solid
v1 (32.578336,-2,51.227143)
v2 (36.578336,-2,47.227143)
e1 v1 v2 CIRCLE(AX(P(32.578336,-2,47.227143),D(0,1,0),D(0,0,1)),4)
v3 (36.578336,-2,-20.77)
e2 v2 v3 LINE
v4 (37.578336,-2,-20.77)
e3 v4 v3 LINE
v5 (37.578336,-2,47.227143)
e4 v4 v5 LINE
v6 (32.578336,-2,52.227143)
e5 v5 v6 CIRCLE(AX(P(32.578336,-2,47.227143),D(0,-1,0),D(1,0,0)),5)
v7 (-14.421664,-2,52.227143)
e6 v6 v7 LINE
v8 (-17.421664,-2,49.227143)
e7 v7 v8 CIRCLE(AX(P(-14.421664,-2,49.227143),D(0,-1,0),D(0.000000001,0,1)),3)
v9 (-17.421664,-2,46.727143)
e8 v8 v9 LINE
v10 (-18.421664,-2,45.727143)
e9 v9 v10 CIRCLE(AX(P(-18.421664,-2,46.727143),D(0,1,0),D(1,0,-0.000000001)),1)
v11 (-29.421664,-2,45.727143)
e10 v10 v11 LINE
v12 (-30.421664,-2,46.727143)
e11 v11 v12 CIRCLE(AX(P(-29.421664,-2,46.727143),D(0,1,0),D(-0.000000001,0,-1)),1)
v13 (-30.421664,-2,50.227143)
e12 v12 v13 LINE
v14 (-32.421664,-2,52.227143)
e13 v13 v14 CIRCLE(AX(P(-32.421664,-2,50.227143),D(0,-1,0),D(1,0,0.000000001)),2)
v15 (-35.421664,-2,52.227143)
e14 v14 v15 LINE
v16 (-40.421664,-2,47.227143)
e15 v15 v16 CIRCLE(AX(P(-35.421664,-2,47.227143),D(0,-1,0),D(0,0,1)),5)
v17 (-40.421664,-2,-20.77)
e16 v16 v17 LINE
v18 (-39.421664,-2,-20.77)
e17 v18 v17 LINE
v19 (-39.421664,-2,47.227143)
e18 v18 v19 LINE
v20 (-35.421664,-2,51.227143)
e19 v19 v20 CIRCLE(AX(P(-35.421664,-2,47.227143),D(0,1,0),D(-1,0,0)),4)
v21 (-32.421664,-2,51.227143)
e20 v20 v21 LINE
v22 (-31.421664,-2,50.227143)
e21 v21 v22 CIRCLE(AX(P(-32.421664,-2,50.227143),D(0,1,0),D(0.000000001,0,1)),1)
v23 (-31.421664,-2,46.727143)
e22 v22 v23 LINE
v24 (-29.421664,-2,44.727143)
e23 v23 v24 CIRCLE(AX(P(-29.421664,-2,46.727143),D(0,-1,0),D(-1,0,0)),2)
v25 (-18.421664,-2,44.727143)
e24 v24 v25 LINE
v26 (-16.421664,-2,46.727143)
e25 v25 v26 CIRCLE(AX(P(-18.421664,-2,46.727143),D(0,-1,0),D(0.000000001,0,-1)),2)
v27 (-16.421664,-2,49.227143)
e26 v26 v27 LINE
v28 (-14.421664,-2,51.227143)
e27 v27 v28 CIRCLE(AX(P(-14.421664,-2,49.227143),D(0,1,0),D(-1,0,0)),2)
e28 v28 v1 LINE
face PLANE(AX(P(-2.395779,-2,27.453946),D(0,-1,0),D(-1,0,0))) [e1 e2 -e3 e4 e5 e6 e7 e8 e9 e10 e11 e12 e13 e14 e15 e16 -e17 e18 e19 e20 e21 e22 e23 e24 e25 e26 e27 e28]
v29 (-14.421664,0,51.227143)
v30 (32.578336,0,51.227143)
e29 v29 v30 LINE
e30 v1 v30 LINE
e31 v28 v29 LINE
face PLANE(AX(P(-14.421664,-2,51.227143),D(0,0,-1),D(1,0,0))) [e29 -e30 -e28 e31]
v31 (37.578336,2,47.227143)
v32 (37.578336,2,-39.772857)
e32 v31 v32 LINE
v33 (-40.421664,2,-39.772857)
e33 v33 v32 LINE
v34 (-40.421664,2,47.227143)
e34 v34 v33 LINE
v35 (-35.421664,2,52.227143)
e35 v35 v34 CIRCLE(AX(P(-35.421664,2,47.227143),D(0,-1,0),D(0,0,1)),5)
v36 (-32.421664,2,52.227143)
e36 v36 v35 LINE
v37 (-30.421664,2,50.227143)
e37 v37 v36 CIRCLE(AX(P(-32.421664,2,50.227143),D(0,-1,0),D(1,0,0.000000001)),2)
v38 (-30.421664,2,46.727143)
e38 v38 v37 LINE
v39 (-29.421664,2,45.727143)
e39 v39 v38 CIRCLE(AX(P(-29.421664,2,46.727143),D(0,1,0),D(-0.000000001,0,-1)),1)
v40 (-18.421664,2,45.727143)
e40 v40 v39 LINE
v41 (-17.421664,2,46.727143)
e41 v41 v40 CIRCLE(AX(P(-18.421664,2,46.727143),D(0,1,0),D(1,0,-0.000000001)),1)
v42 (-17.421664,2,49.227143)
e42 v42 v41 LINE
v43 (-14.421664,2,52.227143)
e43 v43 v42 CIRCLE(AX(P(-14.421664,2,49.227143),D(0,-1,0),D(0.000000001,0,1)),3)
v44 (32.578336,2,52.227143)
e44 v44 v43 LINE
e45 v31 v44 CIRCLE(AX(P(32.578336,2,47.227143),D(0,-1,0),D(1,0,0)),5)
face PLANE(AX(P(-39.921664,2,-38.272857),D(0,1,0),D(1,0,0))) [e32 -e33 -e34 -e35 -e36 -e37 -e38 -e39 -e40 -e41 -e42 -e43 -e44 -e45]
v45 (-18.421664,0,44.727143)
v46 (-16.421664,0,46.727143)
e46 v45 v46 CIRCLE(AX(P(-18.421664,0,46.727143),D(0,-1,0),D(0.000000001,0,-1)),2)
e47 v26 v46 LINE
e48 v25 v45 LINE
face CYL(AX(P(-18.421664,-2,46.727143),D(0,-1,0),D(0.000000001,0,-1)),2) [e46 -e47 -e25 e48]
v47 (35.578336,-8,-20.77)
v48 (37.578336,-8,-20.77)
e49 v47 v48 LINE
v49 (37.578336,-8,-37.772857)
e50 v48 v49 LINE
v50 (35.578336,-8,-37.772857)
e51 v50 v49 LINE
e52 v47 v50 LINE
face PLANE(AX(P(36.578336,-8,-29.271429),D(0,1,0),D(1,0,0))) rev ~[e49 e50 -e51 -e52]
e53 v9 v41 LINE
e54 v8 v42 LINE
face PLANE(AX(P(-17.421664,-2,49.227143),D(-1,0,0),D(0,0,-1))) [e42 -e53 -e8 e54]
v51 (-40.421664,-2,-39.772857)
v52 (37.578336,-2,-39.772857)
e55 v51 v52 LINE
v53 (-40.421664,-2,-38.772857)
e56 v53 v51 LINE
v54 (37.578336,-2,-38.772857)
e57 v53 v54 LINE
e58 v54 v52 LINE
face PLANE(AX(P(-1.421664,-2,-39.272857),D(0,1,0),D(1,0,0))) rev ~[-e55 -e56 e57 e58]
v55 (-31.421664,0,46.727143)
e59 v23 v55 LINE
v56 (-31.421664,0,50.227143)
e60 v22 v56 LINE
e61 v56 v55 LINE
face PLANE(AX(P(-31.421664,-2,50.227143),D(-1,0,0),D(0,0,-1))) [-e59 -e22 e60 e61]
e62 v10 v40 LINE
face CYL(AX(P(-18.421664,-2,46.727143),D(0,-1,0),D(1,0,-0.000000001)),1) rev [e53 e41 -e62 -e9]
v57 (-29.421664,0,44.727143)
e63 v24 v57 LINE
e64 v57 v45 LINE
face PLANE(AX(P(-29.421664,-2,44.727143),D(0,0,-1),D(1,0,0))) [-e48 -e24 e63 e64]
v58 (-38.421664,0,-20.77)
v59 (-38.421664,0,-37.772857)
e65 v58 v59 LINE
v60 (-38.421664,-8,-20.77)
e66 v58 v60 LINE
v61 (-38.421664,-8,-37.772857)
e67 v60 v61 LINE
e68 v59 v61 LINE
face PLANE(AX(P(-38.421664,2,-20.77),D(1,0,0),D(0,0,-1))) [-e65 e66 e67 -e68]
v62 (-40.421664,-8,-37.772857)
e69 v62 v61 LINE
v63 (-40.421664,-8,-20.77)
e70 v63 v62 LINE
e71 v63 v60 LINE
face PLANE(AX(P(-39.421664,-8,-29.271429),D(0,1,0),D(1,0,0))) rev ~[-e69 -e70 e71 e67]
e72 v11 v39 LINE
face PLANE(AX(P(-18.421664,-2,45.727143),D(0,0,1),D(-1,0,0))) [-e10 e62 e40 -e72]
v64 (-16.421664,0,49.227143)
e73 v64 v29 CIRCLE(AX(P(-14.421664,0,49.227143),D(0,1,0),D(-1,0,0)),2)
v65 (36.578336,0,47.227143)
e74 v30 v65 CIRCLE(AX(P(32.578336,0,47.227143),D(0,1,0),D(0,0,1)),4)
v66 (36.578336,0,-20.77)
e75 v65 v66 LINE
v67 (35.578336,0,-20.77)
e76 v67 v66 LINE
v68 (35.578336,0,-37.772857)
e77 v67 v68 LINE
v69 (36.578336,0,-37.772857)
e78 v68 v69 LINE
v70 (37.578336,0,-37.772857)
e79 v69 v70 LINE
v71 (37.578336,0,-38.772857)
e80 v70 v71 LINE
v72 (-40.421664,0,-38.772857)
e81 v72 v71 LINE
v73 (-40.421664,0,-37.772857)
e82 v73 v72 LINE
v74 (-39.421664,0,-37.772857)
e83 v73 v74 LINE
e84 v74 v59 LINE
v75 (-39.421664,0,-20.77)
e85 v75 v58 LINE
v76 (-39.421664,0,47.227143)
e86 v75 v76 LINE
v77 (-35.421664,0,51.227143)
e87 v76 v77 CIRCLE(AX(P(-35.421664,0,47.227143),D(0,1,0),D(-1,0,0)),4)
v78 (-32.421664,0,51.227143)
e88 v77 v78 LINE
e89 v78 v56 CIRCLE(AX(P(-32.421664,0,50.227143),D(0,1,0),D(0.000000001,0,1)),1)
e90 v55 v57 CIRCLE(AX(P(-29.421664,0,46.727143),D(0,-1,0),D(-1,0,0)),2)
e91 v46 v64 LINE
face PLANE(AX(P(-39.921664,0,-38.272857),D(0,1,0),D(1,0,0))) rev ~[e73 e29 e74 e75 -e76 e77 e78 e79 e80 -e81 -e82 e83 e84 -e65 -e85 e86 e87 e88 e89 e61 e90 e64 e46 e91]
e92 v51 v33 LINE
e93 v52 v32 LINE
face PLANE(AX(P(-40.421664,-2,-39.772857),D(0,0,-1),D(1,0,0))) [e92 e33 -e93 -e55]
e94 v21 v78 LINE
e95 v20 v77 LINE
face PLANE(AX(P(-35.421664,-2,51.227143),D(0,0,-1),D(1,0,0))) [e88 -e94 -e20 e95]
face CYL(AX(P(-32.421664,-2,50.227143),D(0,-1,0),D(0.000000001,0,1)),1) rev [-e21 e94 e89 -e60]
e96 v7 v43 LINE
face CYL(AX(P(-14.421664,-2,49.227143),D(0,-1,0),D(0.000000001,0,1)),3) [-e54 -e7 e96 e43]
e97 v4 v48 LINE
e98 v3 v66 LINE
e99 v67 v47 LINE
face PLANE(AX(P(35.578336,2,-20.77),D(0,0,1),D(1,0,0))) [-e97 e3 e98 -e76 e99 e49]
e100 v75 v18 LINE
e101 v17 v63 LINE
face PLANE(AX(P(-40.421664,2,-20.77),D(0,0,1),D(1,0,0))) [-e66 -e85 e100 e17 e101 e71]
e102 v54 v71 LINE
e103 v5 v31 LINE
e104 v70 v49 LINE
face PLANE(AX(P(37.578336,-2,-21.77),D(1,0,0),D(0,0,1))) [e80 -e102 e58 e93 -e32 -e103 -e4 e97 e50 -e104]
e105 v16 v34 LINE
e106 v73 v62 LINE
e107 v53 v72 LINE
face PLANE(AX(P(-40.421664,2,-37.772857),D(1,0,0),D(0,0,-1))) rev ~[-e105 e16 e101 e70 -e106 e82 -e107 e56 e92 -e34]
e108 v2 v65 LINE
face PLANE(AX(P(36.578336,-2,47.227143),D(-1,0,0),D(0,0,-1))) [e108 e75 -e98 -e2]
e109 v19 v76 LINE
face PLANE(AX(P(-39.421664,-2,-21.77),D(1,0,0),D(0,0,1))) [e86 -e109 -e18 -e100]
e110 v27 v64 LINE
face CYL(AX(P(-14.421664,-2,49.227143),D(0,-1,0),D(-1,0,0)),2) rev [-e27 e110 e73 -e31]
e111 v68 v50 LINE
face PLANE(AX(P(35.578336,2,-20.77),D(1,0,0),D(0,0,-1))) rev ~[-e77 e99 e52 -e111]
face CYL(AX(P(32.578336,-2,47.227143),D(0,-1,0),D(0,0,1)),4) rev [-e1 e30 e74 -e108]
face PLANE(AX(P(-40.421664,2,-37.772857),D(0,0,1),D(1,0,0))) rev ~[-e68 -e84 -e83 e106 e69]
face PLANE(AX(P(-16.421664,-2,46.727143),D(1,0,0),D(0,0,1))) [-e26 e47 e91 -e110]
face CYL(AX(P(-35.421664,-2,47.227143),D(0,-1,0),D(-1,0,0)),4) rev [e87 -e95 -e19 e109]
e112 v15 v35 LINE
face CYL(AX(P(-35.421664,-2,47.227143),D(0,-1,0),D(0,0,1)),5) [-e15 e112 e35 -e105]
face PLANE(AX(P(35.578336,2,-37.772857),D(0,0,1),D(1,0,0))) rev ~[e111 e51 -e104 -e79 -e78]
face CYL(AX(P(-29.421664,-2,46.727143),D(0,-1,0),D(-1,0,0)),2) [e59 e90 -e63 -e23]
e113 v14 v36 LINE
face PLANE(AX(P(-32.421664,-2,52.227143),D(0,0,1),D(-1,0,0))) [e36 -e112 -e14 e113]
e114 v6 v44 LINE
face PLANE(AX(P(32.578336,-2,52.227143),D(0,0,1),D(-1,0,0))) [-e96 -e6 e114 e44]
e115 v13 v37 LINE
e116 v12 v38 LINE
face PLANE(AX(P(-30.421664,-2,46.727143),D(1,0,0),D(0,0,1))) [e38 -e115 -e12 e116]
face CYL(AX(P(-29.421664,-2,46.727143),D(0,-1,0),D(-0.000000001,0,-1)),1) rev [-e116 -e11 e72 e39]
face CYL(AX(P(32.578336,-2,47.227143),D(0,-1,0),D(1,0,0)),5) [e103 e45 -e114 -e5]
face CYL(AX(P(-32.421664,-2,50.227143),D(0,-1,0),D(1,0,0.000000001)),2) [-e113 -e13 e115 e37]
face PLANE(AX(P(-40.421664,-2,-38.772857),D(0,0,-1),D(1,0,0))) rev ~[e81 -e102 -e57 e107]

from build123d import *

# Parameters (mm, degrees)
EXTRUDE_1_DEPTH = 2
EXTRUDE_START   = -4
SKETCH_2_W      = 78
SKETCH_2_H      = 1
EXTRUDE_2_DEPTH = 4
SKETCH_3_W      = 2
SKETCH_3_H      = 17.002857219
EXTRUDE_4_DEPTH = 10
SKETCH_5_W      = 1
SKETCH_5_H      = 1
EXTRUDE_6_DEPTH = 2


with BuildPart() as part:
    # Эскиз1 → Бобышка-Вытянуть1 (new body)
    with BuildSketch(Plane(origin=(0, 0, 0), x_dir=(1, 0, 0), z_dir=(0, 1, 0))):
        with BuildLine():
            Line((-39.421663854, 15.772857219), (-39.421663854, -47.227142781))
            ThreePointArc((-39.421663854, -47.227142781), (-38.250090979, -50.055569906), (-35.421663854, -51.227142781))
            Line((-35.421663854, -51.227142781), (-32.421663854, -51.227142781))
            ThreePointArc((-32.421663854, -51.227142781), (-31.714557073, -50.934249562), (-31.421663854, -50.227142781))
            Line((-31.421663854, -50.227142781), (-31.421663854, -46.727142781))
            ThreePointArc((-31.421663854, -46.727142781), (-30.835877417, -45.312929219), (-29.421663854, -44.727142781))
            Line((-29.421663854, -44.727142781), (-18.421663854, -44.727142781))
            ThreePointArc((-18.421663854, -44.727142781), (-17.007450292, -45.312929219), (-16.421663854, -46.727142781))
            Line((-16.421663854, -46.727142781), (-16.421663854, -49.227142781))
            ThreePointArc((-16.421663854, -49.227142781), (-15.835877417, -50.641356343), (-14.421663854, -51.227142781))
            Line((-14.421663854, -51.227142781), (21.578336146, -51.227142781))
            Line((21.578336146, -51.227142781), (32.578336146, -51.227142781))
            ThreePointArc((32.578336146, -51.227142781), (35.40676327, -50.055569906), (36.578336146, -47.227142781))
            Line((36.578336146, -47.227142781), (36.578336146, 15.772857219))
            Line((36.578336146, 15.772857219), (36.578336146, 38.772857219))
            Line((36.578336146, 38.772857219), (-39.421663854, 38.772857219))
            Line((-39.421663854, 38.772857219), (-39.421663854, 15.772857219))
        make_face()
    extrude(amount=EXTRUDE_1_DEPTH)

    # Эскиз2 → Бобышка-Вытянуть2 (add)
    with BuildSketch(Plane(origin=(0, 2, 0), x_dir=(1, 0, 0), z_dir=(0, 1, 0)).offset(EXTRUDE_START)):
        with BuildLine():
            Line((-35.421663854, -51.227142781), (-32.421663854, -51.227142781))
            ThreePointArc((-32.421663854, -51.227142781), (-31.714557073, -50.934249562), (-31.421663854, -50.227142781))
            Line((-31.421663854, -50.227142781), (-31.421663854, -46.727142781))
            ThreePointArc((-31.421663854, -46.727142781), (-30.835877417, -45.312929219), (-29.421663854, -44.727142781))
            Line((-29.421663854, -44.727142781), (-18.421663854, -44.727142781))
            ThreePointArc((-18.421663854, -44.727142781), (-17.007450292, -45.312929219), (-16.421663854, -46.727142781))
            Line((-16.421663854, -46.727142781), (-16.421663854, -49.227142781))
            ThreePointArc((-16.421663854, -49.227142781), (-15.835877417, -50.641356343), (-14.421663854, -51.227142781))
            Line((-14.421663854, -51.227142781), (32.578336146, -51.227142781))
            ThreePointArc((32.578336146, -51.227142781), (35.40676327, -50.055569906), (36.578336146, -47.227142781))
            Line((36.578336146, -47.227142781), (36.578336146, 15.772857219))
            Line((36.578336146, 15.772857219), (36.578336146, 21.77))
            Line((36.578336146, 21.77), (37.578336146, 21.77))
            Line((37.578336146, 21.77), (37.578336146, 15.772857219))
            Line((37.578336146, 15.772857219), (37.578336146, -47.227142781))
            ThreePointArc((37.578336146, -47.227142781), (36.113870052, -50.762676687), (32.578336146, -52.227142781))
            Line((32.578336146, -52.227142781), (-14.421663854, -52.227142781))
            ThreePointArc((-14.421663854, -52.227142781), (-16.542984198, -51.348463125), (-17.421663854, -49.227142781))
            Line((-17.421663854, -49.227142781), (-17.421663854, -46.727142781))
            ThreePointArc((-17.421663854, -46.727142781), (-17.714557073, -46.020036), (-18.421663854, -45.727142781))
            Line((-18.421663854, -45.727142781), (-29.421663854, -45.727142781))
            ThreePointArc((-29.421663854, -45.727142781), (-30.128770635, -46.020036), (-30.421663854, -46.727142781))
            Line((-30.421663854, -46.727142781), (-30.421663854, -50.227142781))
            ThreePointArc((-30.421663854, -50.227142781), (-31.007450292, -51.641356343), (-32.421663854, -52.227142781))
            Line((-32.421663854, -52.227142781), (-35.421663854, -52.227142781))
            ThreePointArc((-35.421663854, -52.227142781), (-38.95719776, -50.762676687), (-40.421663854, -47.227142781))
            Line((-40.421663854, -47.227142781), (-40.421663854, 15.772857219))
            Line((-40.421663854, 15.772857219), (-40.421663854, 21.77))
            Line((-40.421663854, 21.77), (-39.421663854, 21.77))
            Line((-39.421663854, 21.77), (-39.421663854, 15.772857219))
            Line((-39.421663854, 15.772857219), (-39.421663854, -47.227142781))
            ThreePointArc((-39.421663854, -47.227142781), (-38.250090979, -50.055569906), (-35.421663854, -51.227142781))
        make_face()
        with Locations((-1.421663854, 39.272857219)):
            Rectangle(SKETCH_2_W, SKETCH_2_H)
    extrude(amount=EXTRUDE_2_DEPTH)

    # Эскиз3 → Бобышка-Вытянуть4 (add)
    with BuildSketch(Plane(origin=(0, 2, 0), x_dir=(1, 0, 0), z_dir=(0, 1, 0))):
        with Locations((-39.421663854, 29.271428609)):
            Rectangle(SKETCH_3_W, SKETCH_3_H)
        with Locations((36.578336146, 29.271428609)):
            Rectangle(SKETCH_3_W, SKETCH_3_H)
    extrude(amount=-EXTRUDE_4_DEPTH)

    # Эскиз5 → Бобышка-Вытянуть6 (add)
    with BuildSketch(Plane(origin=(0, 2, 0), x_dir=(1, 0, 0), z_dir=(0, 1, 0))):
        with Locations((-39.921663854, 38.272857219)):
            Rectangle(SKETCH_5_W, SKETCH_5_H)
        with Locations((37.078336146, 38.272857219)):
            Rectangle(SKETCH_5_W, SKETCH_5_H)
    extrude(amount=-EXTRUDE_6_DEPTH)


solid = part.part
